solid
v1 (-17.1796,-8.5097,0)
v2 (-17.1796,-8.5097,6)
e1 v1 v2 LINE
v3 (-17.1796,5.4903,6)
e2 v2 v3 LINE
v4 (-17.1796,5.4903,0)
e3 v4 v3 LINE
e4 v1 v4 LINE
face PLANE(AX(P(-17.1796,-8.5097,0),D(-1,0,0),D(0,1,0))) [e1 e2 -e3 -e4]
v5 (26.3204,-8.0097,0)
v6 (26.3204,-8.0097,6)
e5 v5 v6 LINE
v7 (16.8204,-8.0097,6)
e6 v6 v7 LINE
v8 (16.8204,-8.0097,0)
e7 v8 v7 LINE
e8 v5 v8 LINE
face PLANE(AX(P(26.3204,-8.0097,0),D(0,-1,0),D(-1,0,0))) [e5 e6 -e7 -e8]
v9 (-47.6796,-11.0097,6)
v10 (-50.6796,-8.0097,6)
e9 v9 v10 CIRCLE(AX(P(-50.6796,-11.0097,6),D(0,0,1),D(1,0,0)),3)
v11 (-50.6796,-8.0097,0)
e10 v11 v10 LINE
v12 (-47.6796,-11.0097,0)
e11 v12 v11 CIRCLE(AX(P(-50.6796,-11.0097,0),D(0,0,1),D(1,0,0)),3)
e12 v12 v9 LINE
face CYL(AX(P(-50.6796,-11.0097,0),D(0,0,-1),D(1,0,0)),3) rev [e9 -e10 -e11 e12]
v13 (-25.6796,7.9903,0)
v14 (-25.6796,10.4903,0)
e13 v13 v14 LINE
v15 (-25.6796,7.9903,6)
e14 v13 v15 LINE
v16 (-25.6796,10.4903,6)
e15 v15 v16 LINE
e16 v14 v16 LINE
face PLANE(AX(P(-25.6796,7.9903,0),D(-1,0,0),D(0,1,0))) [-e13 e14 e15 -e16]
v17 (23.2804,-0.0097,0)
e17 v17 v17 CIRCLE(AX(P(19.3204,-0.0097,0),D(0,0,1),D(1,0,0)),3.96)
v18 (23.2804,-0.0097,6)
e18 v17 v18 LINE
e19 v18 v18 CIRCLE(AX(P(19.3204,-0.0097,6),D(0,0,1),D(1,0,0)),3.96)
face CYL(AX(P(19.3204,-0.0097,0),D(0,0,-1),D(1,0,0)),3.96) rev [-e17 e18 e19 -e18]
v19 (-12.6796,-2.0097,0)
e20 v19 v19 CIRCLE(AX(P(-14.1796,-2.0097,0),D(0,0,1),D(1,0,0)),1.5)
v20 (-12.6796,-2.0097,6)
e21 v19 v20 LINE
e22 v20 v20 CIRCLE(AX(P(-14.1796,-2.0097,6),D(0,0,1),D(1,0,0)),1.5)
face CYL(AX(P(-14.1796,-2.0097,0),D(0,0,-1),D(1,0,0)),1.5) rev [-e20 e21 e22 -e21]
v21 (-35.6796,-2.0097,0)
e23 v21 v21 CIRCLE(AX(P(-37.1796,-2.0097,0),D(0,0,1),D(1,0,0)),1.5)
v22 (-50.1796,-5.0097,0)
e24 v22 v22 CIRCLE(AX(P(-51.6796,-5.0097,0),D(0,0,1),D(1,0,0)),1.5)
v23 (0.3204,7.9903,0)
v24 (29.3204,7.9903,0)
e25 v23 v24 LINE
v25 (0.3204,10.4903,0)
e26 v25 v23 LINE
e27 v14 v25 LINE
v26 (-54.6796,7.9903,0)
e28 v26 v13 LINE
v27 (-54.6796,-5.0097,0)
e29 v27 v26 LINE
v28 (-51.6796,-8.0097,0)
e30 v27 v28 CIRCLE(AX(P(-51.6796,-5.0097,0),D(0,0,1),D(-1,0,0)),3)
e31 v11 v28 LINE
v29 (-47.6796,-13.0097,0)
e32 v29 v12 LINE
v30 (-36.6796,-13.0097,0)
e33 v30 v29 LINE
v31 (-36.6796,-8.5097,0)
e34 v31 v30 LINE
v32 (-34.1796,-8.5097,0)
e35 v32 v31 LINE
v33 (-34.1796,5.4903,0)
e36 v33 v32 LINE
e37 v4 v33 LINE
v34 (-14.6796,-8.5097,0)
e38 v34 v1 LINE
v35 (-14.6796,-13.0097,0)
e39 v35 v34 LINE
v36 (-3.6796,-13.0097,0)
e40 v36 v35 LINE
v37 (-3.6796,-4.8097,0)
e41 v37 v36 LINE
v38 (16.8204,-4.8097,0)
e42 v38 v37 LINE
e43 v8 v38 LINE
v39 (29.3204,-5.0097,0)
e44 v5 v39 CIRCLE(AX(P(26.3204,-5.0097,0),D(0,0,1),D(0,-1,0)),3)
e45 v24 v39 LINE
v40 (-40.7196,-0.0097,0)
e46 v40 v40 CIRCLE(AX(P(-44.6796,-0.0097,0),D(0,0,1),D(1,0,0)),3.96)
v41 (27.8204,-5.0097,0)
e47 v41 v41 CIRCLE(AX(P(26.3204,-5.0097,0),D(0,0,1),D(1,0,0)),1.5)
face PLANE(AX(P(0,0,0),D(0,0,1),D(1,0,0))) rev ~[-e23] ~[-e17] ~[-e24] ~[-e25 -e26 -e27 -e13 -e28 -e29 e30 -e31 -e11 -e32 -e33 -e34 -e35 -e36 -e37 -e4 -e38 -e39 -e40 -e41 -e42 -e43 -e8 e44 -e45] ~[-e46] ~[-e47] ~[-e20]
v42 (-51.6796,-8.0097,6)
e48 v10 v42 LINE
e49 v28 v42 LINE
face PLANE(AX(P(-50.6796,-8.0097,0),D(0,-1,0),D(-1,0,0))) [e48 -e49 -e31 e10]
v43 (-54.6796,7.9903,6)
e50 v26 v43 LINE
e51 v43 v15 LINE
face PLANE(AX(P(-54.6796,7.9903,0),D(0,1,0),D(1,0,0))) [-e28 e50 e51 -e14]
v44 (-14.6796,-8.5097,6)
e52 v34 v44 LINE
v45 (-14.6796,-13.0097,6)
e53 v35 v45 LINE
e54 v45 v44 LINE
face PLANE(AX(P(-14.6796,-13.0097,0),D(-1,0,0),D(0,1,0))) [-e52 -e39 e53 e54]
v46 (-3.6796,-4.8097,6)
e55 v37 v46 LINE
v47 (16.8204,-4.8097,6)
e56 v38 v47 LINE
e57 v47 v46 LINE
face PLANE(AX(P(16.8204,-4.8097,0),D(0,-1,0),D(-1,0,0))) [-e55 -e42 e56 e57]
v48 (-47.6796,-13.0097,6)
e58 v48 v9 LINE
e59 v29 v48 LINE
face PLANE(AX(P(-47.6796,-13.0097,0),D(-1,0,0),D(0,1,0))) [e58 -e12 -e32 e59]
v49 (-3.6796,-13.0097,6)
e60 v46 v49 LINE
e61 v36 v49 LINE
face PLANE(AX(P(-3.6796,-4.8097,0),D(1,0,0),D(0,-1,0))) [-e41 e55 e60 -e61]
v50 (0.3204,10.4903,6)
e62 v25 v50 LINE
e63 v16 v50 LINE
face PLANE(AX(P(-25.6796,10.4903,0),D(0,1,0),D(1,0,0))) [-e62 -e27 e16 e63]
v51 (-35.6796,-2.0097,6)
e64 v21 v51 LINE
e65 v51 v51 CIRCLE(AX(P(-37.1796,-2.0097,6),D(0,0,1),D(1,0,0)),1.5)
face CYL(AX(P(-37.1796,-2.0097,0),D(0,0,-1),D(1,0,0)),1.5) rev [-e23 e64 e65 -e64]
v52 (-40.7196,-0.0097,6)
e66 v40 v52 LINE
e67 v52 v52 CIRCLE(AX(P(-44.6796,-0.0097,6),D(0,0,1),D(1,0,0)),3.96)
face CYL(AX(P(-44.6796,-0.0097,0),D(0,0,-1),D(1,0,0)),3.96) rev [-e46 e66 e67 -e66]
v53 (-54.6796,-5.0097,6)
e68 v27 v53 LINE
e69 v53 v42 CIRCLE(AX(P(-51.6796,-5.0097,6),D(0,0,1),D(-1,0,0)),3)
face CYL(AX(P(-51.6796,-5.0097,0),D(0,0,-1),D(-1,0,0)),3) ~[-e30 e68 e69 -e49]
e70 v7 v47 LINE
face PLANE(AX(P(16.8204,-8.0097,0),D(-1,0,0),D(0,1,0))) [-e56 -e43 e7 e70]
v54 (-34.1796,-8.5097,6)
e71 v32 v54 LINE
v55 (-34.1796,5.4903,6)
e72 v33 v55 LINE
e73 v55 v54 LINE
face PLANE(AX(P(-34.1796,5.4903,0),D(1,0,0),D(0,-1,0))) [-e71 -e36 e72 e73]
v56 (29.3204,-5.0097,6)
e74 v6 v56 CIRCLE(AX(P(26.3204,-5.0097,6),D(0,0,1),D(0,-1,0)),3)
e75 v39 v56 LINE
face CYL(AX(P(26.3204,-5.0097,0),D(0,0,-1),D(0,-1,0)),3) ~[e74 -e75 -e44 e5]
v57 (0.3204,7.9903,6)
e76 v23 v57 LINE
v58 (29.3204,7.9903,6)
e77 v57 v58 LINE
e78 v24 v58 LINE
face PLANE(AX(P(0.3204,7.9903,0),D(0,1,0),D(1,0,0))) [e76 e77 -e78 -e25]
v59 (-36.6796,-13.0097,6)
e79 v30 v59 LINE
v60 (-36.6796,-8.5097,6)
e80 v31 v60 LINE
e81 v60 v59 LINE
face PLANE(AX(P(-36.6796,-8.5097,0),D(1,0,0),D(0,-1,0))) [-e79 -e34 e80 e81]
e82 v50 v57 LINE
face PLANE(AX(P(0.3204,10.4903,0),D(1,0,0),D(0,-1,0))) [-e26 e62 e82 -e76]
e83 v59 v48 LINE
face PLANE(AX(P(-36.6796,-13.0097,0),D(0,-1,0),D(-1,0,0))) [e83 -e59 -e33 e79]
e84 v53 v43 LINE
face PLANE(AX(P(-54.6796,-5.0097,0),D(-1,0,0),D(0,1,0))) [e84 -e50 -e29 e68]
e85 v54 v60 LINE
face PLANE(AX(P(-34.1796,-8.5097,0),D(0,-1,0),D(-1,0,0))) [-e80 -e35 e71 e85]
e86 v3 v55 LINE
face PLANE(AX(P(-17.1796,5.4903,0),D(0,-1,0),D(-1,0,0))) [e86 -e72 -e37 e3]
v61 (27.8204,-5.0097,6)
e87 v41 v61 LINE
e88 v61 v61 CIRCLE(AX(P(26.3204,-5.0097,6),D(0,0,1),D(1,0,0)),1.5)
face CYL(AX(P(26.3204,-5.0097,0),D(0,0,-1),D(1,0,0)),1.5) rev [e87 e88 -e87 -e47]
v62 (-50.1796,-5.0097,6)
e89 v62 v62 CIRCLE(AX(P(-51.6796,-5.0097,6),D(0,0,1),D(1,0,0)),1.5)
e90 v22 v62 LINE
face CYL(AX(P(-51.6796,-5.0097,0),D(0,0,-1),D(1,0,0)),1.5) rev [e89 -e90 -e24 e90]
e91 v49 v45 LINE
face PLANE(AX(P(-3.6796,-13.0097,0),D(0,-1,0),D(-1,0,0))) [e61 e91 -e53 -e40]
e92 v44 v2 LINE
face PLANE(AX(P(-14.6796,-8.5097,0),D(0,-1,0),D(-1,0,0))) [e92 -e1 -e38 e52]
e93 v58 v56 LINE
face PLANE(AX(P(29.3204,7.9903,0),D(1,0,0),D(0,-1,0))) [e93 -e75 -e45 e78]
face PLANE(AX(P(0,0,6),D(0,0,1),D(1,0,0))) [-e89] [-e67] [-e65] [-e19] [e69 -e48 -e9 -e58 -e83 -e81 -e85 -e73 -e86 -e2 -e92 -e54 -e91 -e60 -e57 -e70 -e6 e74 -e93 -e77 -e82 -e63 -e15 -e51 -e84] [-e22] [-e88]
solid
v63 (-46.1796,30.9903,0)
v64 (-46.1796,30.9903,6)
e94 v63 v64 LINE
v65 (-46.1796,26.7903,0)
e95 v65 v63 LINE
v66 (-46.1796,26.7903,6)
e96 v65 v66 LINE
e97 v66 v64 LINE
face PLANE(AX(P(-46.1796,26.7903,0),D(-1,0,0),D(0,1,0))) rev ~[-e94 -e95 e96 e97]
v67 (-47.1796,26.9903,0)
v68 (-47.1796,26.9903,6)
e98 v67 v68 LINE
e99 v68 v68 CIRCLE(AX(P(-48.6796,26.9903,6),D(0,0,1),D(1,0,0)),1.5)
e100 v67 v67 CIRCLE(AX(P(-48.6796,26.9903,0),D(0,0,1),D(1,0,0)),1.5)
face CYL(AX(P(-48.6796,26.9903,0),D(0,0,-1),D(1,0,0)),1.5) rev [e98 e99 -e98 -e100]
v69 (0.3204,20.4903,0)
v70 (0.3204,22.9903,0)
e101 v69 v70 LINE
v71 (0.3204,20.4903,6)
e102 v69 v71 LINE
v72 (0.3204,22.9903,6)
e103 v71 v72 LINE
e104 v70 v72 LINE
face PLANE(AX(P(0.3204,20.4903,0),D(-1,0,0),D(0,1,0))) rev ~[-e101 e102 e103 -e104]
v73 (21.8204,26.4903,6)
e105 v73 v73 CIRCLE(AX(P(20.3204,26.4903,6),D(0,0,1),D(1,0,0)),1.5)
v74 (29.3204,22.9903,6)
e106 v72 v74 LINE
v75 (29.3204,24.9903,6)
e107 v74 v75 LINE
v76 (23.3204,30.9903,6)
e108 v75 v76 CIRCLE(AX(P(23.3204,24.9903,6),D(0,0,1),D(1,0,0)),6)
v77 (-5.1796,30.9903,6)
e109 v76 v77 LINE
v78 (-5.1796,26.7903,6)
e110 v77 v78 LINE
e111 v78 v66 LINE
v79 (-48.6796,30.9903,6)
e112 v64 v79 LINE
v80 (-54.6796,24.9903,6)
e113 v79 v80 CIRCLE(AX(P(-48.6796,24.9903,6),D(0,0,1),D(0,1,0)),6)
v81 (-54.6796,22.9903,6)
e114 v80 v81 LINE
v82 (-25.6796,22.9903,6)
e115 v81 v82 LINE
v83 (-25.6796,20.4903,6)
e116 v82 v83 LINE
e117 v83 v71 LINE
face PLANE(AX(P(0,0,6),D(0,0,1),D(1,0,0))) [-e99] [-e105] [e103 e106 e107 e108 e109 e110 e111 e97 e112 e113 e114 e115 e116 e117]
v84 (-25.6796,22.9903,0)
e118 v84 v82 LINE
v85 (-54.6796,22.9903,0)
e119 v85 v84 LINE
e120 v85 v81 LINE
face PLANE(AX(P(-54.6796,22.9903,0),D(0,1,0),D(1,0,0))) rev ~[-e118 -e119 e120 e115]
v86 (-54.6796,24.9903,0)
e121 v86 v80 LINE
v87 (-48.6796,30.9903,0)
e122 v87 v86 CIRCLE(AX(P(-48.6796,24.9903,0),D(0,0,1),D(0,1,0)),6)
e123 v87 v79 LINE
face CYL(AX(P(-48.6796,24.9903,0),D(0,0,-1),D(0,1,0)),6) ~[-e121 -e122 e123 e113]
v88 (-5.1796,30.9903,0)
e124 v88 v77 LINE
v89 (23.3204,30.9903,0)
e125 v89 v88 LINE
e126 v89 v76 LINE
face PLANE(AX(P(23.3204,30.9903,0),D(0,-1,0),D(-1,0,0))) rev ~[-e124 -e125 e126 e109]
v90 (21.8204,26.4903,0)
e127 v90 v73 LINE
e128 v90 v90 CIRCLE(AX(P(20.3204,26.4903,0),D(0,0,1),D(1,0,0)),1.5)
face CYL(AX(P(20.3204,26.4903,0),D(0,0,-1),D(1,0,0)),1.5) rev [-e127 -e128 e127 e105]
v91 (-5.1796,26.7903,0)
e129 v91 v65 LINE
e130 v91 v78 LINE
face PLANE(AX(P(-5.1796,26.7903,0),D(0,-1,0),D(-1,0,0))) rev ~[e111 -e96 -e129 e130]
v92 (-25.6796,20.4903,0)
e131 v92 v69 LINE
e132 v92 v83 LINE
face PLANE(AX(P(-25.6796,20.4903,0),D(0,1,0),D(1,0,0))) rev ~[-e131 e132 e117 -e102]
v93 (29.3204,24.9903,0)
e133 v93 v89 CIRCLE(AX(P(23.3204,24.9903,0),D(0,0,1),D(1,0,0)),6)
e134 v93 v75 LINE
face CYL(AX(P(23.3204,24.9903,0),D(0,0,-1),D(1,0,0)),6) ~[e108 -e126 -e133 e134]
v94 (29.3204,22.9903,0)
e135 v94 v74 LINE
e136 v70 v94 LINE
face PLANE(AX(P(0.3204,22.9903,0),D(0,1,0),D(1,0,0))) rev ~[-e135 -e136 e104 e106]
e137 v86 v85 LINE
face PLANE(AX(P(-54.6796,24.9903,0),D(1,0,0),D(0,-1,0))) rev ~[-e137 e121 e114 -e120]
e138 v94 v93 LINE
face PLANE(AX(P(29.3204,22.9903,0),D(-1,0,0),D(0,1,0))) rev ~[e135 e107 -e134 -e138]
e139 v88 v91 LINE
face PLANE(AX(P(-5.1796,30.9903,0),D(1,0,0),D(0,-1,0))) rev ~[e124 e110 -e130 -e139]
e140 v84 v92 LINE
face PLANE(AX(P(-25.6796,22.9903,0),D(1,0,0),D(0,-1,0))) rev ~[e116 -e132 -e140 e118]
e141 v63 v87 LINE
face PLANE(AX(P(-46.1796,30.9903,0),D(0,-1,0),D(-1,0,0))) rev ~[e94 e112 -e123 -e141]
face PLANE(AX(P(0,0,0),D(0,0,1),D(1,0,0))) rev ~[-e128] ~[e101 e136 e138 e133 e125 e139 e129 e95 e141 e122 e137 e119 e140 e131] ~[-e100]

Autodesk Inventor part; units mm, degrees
ref_plane "YZ Plane" through (0, 0, 0) normal (1, 0, 0) x (0, 1, 0)
ref_plane "XZ Plane" through (0, 0, 0) normal (0, 1, 0) x (-1, 0, 0)
ref_plane "XY Plane" through (0, 0, 0) normal (0, 0, 1) x (1, 0, 0)
sketch "Sketch1" plane through (0, 0, 0) normal (0, 0, 1) x (1, 0, 0)
  arc A0 (26.3204, -8.0097) -> (29.3204, -5.0097) centre (26.3204, -5.0097) ccw
  line L0 (29.3204, 7.9903) -> (29.3204, -5.0097)
  line L1 (0.3204, 7.9903) -> (29.3204, 7.9903)
  line L2 (0.3204, 10.4903) -> (0.3204, 7.9903)
  line L3 (-25.6796, 10.4903) -> (0.3204, 10.4903)
  line L4 (-25.6796, 7.9903) -> (-25.6796, 10.4903)
  line L5 (-54.6796, 7.9903) -> (-25.6796, 7.9903)
  line L6 (-54.6796, -5.0097) -> (-54.6796, 7.9903)
  arc A1 (-54.6796, -5.0097) -> (-51.6796, -8.0097) centre (-51.6796, -5.0097) ccw
  line L7 (-50.6796, -8.0097) -> (-51.6796, -8.0097)
  arc A2 (-47.6796, -11.0097) -> (-50.6796, -8.0097) centre (-50.6796, -11.0097) ccw
  line L8 (-47.6796, -13.0097) -> (-47.6796, -11.0097)
  line L9 (-36.6796, -13.0097) -> (-47.6796, -13.0097)
  line L10 (-36.6796, -8.5097) -> (-36.6796, -13.0097)
  line L11 (-34.1796, -8.5097) -> (-36.6796, -8.5097)
  line L12 (-34.1796, 5.4903) -> (-34.1796, -8.5097)
  line L13 (-17.1796, 5.4903) -> (-34.1796, 5.4903)
  line L14 (-17.1796, -8.5097) -> (-17.1796, 5.4903)
  line L15 (-14.6796, -8.5097) -> (-17.1796, -8.5097)
  line L16 (-14.6796, -13.0097) -> (-14.6796, -8.5097)
  line L17 (-3.6796, -13.0097) -> (-14.6796, -13.0097)
  line L18 (-3.6796, -4.8097) -> (-3.6796, -13.0097)
  line L19 (16.8204, -4.8097) -> (-3.6796, -4.8097)
  line L20 (16.8204, -8.0097) -> (16.8204, -4.8097)
  line L21 (26.3204, -8.0097) -> (16.8204, -8.0097)
  circle A3 centre (-44.6796, -0.0097) radius 3.96
  circle A4 centre (19.3204, -0.0097) radius 3.96
  circle A5 centre (-37.1796, -2.0097) radius 1.5
  circle A6 centre (-14.1796, -2.0097) radius 1.5
  circle A7 centre (-51.6796, -5.0097) radius 1.5
  circle A8 centre (26.3204, -5.0097) radius 1.5
  circle A9 centre (20.3204, 26.4903) radius 1.5
  circle A10 centre (-48.6796, 26.9903) radius 1.5
  arc A11 (-48.6796, 30.9903) -> (-54.6796, 24.9903) centre (-48.6796, 24.9903) ccw
  line L22 (-54.6796, 24.9903) -> (-54.6796, 22.9903)
  line L23 (-54.6796, 22.9903) -> (-25.6796, 22.9903)
  line L24 (-25.6796, 22.9903) -> (-25.6796, 20.4903)
  line L25 (-25.6796, 20.4903) -> (0.3204, 20.4903)
  line L26 (0.3204, 20.4903) -> (0.3204, 22.9903)
  line L27 (0.3204, 22.9903) -> (29.3204, 22.9903)
  line L28 (29.3204, 22.9903) -> (29.3204, 24.9903)
  arc A12 (29.3204, 24.9903) -> (23.3204, 30.9903) centre (23.3204, 24.9903) ccw
  line L29 (23.3204, 30.9903) -> (-5.1796, 30.9903)
  line L30 (-5.1796, 30.9903) -> (-5.1796, 26.7903)
  line L31 (-5.1796, 26.7903) -> (-46.1796, 26.7903)
  line L32 (-46.1796, 26.7903) -> (-46.1796, 30.9903)
  line L33 (-46.1796, 30.9903) -> (-48.6796, 30.9903)
  point P0 (0, 0)
  point P1 (0, 0)
extrude "Extrusion1" add sketch "Sketch1" along normal blind 6
properties part number "XcrRight_b"
